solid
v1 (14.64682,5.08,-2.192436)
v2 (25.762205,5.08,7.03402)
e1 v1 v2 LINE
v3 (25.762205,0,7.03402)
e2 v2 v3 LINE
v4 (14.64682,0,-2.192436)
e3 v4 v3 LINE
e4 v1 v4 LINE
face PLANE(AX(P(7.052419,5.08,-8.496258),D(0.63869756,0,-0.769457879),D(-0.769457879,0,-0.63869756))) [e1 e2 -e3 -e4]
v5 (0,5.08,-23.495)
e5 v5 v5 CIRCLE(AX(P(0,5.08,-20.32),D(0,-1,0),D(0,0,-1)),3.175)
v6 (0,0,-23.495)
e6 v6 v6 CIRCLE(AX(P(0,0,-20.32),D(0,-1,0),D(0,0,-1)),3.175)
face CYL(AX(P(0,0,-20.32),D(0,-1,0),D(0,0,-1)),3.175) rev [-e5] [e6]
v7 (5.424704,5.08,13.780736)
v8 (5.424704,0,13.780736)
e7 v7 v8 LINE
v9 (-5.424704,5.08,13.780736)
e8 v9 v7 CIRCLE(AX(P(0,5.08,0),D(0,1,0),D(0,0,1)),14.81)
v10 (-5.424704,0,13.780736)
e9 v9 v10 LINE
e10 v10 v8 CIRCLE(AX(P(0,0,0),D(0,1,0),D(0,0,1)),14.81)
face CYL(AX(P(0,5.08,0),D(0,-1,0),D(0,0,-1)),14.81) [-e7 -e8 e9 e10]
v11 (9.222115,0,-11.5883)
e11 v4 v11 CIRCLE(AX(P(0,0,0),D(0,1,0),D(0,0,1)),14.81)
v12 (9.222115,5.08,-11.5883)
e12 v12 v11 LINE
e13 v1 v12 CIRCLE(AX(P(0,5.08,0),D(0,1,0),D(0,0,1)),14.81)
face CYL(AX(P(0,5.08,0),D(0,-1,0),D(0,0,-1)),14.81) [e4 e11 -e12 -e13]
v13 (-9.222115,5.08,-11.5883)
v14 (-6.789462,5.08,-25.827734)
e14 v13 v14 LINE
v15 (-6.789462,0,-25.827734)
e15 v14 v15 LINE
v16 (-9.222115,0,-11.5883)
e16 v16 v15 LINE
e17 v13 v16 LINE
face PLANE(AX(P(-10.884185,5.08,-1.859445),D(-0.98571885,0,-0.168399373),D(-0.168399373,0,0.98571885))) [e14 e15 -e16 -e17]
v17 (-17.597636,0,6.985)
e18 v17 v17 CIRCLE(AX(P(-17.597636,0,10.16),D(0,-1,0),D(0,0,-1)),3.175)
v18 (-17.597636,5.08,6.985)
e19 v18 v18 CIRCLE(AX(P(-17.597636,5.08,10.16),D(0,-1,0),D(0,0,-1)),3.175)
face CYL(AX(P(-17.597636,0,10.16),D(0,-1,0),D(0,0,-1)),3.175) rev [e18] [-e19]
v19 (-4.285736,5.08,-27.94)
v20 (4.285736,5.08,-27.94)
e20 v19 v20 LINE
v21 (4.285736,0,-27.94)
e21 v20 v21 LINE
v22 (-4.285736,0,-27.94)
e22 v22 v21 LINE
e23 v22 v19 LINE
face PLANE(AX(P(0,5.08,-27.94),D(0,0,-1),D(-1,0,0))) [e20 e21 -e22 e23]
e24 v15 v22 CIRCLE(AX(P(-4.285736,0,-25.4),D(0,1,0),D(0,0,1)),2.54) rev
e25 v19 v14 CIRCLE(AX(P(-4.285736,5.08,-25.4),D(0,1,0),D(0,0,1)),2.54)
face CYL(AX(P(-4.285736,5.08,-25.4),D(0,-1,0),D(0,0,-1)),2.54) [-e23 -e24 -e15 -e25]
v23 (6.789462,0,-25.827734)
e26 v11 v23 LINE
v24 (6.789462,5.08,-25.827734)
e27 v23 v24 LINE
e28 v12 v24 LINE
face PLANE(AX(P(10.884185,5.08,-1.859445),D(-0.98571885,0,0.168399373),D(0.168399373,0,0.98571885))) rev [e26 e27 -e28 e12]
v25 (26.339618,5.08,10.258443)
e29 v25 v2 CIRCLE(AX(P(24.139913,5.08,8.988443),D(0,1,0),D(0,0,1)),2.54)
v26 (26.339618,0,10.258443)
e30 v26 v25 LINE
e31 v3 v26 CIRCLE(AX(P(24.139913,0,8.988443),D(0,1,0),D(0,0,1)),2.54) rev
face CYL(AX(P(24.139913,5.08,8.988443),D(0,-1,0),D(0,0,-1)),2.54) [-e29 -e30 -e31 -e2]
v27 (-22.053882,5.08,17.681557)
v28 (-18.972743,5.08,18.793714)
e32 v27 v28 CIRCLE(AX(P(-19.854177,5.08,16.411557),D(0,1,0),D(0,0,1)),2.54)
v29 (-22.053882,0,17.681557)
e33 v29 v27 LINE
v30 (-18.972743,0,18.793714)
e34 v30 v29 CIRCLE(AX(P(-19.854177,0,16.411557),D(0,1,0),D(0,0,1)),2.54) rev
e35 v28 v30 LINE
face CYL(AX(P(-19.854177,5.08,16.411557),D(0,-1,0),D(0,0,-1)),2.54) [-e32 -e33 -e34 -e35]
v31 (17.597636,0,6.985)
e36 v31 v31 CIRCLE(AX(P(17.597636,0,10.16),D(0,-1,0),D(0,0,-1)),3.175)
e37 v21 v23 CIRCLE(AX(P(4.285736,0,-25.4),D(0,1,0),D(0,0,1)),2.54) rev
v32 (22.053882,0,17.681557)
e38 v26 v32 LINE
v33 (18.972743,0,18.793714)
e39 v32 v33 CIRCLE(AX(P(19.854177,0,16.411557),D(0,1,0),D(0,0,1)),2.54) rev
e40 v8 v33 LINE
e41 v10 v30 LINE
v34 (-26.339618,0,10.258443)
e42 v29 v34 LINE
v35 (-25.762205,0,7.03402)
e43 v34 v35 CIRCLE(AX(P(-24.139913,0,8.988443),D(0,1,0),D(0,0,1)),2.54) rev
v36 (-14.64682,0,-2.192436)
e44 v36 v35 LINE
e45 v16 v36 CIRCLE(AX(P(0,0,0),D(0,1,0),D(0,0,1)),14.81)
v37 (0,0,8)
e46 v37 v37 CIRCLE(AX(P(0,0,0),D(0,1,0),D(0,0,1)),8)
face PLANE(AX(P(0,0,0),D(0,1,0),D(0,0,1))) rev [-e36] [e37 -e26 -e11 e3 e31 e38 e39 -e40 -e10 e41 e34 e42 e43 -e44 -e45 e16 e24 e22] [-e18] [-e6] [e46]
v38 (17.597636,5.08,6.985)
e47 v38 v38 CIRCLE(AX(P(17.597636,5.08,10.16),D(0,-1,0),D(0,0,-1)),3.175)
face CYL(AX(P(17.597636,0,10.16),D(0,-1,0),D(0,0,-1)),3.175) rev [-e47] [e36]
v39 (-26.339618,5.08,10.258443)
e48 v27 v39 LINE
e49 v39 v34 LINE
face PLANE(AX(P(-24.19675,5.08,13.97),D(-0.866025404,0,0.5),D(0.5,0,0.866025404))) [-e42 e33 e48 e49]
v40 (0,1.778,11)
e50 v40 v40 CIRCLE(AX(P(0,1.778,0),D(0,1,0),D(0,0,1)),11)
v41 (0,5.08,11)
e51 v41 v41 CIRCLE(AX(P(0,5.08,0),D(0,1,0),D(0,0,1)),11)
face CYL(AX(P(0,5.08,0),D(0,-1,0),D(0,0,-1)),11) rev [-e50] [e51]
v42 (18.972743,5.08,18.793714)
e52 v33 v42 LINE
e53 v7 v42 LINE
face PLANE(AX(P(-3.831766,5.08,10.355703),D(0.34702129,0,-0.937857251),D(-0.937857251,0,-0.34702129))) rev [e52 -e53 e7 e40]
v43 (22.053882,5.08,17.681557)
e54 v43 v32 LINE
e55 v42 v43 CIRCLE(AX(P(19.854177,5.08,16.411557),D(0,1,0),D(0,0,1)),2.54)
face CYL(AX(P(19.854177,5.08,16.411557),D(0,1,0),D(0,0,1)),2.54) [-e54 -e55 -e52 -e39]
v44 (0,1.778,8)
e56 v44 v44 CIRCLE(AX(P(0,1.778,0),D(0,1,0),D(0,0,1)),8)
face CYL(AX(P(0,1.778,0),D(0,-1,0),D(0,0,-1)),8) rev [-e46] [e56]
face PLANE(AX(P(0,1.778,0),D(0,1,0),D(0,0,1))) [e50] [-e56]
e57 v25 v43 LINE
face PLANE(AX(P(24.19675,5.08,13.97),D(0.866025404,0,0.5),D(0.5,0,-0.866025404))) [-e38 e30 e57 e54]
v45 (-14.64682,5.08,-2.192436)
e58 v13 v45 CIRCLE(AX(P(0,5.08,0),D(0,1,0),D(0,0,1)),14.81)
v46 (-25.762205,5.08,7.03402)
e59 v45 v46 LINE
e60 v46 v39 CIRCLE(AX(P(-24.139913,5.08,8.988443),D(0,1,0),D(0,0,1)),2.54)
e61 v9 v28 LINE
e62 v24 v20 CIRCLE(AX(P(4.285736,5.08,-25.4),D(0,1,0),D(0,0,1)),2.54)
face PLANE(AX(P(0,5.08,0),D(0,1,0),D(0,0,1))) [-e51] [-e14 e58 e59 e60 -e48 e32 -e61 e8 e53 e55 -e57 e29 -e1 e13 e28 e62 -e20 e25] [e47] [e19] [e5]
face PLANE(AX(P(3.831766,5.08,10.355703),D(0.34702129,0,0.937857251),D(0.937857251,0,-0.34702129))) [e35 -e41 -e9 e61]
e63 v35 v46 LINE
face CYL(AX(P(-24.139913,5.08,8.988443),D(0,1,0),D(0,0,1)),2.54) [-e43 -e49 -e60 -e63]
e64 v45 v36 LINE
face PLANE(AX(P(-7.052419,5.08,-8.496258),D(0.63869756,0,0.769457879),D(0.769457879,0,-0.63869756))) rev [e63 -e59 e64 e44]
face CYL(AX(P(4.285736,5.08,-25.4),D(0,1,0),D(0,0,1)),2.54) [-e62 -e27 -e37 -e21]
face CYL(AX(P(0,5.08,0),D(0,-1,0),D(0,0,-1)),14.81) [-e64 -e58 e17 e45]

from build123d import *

# Parameters (mm, degrees)
SKETCH2_R                   = 11
BOSS_EXTRUDE1_DEPTH         = 5.08
SKETCH2_6_R                 = 11
SKETCH2_6_R_2               = 8
BOSS_EXTRUDE2_DEPTH         = 1.778
F_1_4_0_25_DIAMETER_HOLE3_D = 6.35
FILLET3_R                   = 2.54
CIRPATTERN2_COUNT           = 3


with BuildPart() as part:
    # Sketch2 → Boss-Extrude1 (new body)
    with BuildSketch(Plane(origin=(0, 0, 0), x_dir=(1, 0, 0), z_dir=(0, 1, 0))):
        with BuildLine():
            Line((-6.428604647, 27.94), (-9.222115265, 11.588299705))
            ThreePointArc((-9.222115265, 11.588299705), (0, -14.81), (9.222115265, 11.588299705))
            Line((9.222115265, 11.588299705), (6.428604647, 27.94))
            Line((6.428604647, 27.94), (-6.428604647, 27.94))
        make_face()
        Circle(SKETCH2_R, mode=Mode.SUBTRACT)
    extrude(amount=BOSS_EXTRUDE1_DEPTH)

    # Sketch2<6> → Boss-Extrude2 (add)
    with BuildSketch(Plane(origin=(0, 0, 0), x_dir=(1, 0, 0), z_dir=(0, 1, 0))):
        Circle(SKETCH2_6_R)
        Circle(SKETCH2_6_R_2, mode=Mode.SUBTRACT)
    extrude(amount=BOSS_EXTRUDE2_DEPTH)

    # 1/4 (0.25) Diameter Hole3 (through all)
    with Locations(Plane(origin=(0, 0, -20.32), x_dir=(0, 0, -1), z_dir=(0, -1, 0))):
        with Locations((0, 0)):
            Hole(F_1_4_0_25_DIAMETER_HOLE3_D / 2)

    # Fillet3
    fillet3_edges = [part.edges().sort_by_distance(p)[0] for p in [
        (6.428604647, 2.54, -27.94),
        (-6.428604647, 2.54, -27.94),
    ]]
    fillet(fillet3_edges, radius=FILLET3_R)

    # CirPattern2: part ×3 about axis
    cirpattern2_axis = Axis((0, 1.778, 0), (0, -1, 0))


with BuildPart() as part_1:
    add(part.part)
    for i in range(1, CIRPATTERN2_COUNT):
        add(part.part.rotate(cirpattern2_axis, i * 360 / CIRPATTERN2_COUNT))


solid = part_1.part
